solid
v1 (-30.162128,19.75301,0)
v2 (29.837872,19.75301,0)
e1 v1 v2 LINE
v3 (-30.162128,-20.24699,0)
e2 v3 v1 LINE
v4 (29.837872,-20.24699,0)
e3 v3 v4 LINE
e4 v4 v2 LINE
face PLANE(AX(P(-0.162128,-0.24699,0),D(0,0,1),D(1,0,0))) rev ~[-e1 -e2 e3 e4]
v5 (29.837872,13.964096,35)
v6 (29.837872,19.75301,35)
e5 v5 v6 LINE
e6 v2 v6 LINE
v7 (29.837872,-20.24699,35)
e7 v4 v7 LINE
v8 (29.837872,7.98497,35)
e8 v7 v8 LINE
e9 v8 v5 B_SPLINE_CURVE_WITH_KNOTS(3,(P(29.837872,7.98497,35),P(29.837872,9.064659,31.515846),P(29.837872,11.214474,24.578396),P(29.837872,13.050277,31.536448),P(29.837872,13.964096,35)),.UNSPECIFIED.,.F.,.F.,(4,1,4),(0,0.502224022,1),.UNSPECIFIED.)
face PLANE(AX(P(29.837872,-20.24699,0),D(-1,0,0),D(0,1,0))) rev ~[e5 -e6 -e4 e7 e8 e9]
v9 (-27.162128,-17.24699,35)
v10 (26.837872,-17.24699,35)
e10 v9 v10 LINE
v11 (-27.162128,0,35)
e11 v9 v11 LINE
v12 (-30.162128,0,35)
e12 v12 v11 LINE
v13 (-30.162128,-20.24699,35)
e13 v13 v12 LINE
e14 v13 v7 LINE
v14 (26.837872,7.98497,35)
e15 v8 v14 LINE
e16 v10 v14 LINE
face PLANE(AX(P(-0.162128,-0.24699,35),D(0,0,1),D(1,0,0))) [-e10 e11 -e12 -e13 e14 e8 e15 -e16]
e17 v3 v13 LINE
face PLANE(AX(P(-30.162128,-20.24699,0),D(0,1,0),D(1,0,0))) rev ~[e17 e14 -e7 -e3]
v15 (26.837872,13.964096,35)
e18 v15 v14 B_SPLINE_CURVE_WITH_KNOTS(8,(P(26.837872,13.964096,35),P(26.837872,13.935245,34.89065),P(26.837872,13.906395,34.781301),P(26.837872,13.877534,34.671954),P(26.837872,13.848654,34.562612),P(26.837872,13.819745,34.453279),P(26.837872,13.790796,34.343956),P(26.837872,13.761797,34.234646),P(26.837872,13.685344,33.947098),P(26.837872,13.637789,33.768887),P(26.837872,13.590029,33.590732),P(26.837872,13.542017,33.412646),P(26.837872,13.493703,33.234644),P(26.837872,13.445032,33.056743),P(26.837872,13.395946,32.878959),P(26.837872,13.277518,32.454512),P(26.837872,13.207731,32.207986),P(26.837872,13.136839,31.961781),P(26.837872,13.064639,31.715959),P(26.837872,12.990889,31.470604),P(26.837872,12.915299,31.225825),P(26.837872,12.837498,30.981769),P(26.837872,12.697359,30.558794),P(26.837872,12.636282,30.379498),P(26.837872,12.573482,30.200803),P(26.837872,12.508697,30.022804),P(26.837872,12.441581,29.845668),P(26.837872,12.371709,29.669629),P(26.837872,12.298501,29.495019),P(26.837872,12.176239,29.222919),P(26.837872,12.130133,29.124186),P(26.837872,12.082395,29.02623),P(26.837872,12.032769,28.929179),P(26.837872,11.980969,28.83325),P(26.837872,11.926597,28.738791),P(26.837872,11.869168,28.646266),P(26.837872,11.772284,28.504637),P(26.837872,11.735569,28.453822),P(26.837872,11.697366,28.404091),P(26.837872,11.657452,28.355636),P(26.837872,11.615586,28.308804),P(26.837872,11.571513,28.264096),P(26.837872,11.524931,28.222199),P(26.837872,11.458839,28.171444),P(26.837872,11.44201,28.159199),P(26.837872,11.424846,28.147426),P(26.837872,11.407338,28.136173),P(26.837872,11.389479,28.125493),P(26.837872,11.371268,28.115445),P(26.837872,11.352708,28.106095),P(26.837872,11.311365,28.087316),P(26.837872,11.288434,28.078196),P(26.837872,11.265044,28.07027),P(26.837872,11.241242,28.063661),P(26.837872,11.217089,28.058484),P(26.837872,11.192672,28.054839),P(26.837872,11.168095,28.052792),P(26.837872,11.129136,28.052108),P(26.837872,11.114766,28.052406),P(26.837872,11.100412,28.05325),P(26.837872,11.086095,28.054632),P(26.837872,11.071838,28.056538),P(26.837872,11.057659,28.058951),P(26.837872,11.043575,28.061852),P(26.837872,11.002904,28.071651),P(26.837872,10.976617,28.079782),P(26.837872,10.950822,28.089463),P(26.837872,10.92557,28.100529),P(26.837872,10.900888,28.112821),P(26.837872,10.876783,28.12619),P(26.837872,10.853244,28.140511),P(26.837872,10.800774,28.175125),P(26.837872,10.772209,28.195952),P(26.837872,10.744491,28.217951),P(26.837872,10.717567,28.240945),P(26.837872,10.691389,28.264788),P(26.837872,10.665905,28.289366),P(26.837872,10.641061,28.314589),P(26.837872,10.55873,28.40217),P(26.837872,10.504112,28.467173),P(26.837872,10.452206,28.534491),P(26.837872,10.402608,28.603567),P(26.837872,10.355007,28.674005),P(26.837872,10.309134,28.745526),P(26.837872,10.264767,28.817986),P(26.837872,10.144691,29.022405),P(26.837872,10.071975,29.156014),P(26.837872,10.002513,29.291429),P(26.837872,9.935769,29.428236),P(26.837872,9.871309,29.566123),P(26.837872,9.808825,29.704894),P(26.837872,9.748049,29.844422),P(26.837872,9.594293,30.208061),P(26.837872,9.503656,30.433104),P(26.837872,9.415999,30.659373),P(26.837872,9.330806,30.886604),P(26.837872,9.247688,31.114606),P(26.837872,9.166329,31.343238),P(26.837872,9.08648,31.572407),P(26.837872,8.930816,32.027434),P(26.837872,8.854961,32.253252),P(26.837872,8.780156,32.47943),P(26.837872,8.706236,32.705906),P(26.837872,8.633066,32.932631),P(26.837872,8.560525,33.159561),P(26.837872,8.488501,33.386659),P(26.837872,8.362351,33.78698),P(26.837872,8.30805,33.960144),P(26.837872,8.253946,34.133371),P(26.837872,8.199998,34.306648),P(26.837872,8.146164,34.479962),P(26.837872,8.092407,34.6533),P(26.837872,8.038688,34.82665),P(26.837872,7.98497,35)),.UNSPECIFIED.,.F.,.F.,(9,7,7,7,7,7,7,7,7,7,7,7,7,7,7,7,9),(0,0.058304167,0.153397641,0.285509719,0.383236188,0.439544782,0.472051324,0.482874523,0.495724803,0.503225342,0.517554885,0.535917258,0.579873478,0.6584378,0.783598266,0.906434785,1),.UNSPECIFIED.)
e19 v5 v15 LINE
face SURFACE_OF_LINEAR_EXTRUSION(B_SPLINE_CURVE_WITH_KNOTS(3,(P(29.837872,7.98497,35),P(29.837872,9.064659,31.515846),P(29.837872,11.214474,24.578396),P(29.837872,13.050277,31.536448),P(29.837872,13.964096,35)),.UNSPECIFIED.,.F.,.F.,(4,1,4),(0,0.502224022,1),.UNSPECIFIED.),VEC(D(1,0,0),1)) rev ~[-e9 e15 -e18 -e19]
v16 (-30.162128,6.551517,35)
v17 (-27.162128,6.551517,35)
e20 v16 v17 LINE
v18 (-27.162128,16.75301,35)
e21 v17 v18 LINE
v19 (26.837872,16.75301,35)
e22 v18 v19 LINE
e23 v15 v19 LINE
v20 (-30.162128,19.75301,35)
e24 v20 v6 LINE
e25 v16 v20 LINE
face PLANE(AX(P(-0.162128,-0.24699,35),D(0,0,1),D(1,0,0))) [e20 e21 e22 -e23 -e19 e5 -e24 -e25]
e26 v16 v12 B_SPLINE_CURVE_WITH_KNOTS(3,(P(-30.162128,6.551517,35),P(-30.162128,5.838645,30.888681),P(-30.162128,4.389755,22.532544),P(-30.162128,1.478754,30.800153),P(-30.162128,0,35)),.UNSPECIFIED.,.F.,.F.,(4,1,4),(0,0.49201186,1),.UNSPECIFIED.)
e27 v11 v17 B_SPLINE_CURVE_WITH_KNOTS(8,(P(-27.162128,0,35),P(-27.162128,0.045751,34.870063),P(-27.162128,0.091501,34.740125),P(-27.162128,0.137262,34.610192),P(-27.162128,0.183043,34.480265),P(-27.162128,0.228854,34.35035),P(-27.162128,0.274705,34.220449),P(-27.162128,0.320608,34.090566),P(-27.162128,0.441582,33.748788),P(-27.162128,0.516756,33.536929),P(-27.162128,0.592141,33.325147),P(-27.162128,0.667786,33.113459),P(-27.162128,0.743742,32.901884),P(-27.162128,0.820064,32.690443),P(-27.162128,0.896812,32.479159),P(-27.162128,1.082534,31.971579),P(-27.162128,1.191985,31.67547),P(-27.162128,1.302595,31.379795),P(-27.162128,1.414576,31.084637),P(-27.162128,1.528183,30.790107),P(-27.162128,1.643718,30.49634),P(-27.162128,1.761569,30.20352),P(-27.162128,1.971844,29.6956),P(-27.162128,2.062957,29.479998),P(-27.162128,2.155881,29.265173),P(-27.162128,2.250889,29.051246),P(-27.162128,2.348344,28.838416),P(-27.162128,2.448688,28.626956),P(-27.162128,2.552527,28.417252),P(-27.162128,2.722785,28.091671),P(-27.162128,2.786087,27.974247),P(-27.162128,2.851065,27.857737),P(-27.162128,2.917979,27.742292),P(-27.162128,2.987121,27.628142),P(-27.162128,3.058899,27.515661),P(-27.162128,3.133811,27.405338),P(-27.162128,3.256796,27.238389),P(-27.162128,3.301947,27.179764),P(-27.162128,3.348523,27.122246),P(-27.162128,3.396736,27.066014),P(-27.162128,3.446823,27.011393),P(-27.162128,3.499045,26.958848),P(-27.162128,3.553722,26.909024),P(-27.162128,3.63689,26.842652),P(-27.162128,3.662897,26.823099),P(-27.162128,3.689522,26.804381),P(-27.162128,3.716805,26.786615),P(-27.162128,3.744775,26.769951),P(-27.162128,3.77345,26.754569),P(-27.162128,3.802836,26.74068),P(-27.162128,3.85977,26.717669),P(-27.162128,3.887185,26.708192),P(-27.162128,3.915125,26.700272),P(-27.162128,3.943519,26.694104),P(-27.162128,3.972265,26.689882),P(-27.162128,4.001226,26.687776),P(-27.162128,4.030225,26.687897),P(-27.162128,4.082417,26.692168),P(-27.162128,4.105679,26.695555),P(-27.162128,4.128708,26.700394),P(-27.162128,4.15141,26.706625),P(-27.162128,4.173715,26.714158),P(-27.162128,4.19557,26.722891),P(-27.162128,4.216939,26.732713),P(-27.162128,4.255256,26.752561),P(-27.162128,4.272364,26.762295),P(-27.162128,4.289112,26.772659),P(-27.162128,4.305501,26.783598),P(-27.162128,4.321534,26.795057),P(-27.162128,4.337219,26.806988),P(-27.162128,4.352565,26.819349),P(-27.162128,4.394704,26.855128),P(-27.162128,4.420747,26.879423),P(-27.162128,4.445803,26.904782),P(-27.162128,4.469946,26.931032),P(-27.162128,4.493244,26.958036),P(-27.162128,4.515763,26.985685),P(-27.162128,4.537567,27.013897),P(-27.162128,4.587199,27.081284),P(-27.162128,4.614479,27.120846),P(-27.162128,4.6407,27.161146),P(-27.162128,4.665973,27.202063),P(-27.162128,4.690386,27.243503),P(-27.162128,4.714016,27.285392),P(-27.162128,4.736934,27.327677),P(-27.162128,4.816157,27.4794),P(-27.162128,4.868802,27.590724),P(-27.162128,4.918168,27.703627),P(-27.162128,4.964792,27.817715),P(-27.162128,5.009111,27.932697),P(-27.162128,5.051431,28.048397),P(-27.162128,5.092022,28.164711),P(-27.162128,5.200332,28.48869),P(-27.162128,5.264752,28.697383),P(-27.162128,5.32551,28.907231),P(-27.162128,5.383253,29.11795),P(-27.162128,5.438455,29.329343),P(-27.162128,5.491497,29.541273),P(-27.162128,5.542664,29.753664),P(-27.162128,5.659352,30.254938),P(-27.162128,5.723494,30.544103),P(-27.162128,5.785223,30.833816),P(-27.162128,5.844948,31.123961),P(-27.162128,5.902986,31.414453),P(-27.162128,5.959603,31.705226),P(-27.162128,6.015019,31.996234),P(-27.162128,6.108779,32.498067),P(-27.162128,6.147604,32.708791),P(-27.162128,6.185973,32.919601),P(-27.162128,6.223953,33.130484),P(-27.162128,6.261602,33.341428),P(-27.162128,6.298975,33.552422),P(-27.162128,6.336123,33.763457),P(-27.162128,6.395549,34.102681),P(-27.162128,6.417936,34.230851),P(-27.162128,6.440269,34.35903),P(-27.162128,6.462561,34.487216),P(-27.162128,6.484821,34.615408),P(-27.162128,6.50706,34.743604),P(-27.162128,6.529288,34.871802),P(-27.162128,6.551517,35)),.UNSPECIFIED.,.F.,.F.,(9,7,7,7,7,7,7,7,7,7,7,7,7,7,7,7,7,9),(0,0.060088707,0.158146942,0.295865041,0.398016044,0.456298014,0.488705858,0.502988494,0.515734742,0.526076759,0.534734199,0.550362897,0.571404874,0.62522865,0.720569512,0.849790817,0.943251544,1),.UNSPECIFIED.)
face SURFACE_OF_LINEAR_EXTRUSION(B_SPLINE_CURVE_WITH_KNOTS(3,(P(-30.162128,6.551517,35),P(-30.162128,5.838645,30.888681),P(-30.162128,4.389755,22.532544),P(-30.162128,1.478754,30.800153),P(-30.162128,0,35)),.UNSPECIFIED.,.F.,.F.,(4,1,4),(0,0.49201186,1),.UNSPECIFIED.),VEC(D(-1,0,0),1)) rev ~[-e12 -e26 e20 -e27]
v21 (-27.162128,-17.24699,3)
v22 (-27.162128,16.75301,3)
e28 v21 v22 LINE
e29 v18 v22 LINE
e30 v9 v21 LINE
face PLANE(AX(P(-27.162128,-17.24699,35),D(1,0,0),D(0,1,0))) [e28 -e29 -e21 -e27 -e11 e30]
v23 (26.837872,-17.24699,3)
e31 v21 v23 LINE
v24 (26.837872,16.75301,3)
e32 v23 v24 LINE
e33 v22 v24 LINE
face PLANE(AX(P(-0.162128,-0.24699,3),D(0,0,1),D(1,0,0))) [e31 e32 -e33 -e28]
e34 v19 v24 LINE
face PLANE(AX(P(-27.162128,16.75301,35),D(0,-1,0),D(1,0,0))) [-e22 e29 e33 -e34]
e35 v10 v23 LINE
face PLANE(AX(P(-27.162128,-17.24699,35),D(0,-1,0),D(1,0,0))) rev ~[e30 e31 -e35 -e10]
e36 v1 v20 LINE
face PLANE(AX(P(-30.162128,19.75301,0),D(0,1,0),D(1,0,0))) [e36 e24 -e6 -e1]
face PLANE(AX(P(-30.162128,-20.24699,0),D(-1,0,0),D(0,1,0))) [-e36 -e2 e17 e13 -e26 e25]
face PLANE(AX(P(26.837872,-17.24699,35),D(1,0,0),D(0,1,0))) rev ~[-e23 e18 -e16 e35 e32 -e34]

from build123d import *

# Parameters (mm, degrees)
F0_W     = 60
F0_H     = 40
F1_DEPTH = 35
F2_W     = 54
F2_H     = 34
F3_DEPTH = 32
F5_DEPTH = 5
F7_DEPTH = 5


with BuildPart() as f1:
    # F0 (on Top) → F1 (new body)
    with BuildSketch(Plane.XY):
        with Locations((-0.1621283591, -0.2469897495)):
            Rectangle(F0_W, F0_H)
    extrude(amount=F1_DEPTH)

    # F2 (on face) → F3 (cut)
    with BuildSketch(Plane.XY.offset(35)):
        with Locations((-0.1621283591, -0.2469897495)):
            Rectangle(F2_W, F2_H)
    extrude(amount=-F3_DEPTH, mode=Mode.SUBTRACT)

    # F4 (on face) → F5 (cut)
    with BuildSketch(Plane(origin=(-30.1621283591, 0, 0), x_dir=(0, -1, 0), z_dir=(-1, 0, 0))):
        with BuildLine():
            Line((0, 35), (-6.551516708, 35))
            add(Edge.make_bspline(
                [(-6.551516708, 35), (-5.8386453378, 30.8886812927), (-4.389754715, 22.5325438864), (-1.4787538932, 30.8001527505), (0, 35)],
                knots=[0, 0, 0, 0, 0.49201186, 1, 1, 1, 1], degree=3))
        make_face()
    extrude(amount=-F5_DEPTH, mode=Mode.SUBTRACT)

    # F6 (on face) → F7 (cut)
    with BuildSketch(Plane.YZ.offset(29.8378716409)):
        with BuildLine():
            Line((13.9640960842, 35), (7.9849697649, 35))
            add(Edge.make_bspline(
                [(7.9849697649, 35), (9.0646587158, 31.5158458238), (11.2144741419, 24.578395562), (13.0502773485, 31.5364484313), (13.9640960842, 35)],
                knots=[0, 0, 0, 0, 0.5022240225, 1, 1, 1, 1], degree=3))
        make_face()
    extrude(amount=-F7_DEPTH, mode=Mode.SUBTRACT)


solid = f1.part
